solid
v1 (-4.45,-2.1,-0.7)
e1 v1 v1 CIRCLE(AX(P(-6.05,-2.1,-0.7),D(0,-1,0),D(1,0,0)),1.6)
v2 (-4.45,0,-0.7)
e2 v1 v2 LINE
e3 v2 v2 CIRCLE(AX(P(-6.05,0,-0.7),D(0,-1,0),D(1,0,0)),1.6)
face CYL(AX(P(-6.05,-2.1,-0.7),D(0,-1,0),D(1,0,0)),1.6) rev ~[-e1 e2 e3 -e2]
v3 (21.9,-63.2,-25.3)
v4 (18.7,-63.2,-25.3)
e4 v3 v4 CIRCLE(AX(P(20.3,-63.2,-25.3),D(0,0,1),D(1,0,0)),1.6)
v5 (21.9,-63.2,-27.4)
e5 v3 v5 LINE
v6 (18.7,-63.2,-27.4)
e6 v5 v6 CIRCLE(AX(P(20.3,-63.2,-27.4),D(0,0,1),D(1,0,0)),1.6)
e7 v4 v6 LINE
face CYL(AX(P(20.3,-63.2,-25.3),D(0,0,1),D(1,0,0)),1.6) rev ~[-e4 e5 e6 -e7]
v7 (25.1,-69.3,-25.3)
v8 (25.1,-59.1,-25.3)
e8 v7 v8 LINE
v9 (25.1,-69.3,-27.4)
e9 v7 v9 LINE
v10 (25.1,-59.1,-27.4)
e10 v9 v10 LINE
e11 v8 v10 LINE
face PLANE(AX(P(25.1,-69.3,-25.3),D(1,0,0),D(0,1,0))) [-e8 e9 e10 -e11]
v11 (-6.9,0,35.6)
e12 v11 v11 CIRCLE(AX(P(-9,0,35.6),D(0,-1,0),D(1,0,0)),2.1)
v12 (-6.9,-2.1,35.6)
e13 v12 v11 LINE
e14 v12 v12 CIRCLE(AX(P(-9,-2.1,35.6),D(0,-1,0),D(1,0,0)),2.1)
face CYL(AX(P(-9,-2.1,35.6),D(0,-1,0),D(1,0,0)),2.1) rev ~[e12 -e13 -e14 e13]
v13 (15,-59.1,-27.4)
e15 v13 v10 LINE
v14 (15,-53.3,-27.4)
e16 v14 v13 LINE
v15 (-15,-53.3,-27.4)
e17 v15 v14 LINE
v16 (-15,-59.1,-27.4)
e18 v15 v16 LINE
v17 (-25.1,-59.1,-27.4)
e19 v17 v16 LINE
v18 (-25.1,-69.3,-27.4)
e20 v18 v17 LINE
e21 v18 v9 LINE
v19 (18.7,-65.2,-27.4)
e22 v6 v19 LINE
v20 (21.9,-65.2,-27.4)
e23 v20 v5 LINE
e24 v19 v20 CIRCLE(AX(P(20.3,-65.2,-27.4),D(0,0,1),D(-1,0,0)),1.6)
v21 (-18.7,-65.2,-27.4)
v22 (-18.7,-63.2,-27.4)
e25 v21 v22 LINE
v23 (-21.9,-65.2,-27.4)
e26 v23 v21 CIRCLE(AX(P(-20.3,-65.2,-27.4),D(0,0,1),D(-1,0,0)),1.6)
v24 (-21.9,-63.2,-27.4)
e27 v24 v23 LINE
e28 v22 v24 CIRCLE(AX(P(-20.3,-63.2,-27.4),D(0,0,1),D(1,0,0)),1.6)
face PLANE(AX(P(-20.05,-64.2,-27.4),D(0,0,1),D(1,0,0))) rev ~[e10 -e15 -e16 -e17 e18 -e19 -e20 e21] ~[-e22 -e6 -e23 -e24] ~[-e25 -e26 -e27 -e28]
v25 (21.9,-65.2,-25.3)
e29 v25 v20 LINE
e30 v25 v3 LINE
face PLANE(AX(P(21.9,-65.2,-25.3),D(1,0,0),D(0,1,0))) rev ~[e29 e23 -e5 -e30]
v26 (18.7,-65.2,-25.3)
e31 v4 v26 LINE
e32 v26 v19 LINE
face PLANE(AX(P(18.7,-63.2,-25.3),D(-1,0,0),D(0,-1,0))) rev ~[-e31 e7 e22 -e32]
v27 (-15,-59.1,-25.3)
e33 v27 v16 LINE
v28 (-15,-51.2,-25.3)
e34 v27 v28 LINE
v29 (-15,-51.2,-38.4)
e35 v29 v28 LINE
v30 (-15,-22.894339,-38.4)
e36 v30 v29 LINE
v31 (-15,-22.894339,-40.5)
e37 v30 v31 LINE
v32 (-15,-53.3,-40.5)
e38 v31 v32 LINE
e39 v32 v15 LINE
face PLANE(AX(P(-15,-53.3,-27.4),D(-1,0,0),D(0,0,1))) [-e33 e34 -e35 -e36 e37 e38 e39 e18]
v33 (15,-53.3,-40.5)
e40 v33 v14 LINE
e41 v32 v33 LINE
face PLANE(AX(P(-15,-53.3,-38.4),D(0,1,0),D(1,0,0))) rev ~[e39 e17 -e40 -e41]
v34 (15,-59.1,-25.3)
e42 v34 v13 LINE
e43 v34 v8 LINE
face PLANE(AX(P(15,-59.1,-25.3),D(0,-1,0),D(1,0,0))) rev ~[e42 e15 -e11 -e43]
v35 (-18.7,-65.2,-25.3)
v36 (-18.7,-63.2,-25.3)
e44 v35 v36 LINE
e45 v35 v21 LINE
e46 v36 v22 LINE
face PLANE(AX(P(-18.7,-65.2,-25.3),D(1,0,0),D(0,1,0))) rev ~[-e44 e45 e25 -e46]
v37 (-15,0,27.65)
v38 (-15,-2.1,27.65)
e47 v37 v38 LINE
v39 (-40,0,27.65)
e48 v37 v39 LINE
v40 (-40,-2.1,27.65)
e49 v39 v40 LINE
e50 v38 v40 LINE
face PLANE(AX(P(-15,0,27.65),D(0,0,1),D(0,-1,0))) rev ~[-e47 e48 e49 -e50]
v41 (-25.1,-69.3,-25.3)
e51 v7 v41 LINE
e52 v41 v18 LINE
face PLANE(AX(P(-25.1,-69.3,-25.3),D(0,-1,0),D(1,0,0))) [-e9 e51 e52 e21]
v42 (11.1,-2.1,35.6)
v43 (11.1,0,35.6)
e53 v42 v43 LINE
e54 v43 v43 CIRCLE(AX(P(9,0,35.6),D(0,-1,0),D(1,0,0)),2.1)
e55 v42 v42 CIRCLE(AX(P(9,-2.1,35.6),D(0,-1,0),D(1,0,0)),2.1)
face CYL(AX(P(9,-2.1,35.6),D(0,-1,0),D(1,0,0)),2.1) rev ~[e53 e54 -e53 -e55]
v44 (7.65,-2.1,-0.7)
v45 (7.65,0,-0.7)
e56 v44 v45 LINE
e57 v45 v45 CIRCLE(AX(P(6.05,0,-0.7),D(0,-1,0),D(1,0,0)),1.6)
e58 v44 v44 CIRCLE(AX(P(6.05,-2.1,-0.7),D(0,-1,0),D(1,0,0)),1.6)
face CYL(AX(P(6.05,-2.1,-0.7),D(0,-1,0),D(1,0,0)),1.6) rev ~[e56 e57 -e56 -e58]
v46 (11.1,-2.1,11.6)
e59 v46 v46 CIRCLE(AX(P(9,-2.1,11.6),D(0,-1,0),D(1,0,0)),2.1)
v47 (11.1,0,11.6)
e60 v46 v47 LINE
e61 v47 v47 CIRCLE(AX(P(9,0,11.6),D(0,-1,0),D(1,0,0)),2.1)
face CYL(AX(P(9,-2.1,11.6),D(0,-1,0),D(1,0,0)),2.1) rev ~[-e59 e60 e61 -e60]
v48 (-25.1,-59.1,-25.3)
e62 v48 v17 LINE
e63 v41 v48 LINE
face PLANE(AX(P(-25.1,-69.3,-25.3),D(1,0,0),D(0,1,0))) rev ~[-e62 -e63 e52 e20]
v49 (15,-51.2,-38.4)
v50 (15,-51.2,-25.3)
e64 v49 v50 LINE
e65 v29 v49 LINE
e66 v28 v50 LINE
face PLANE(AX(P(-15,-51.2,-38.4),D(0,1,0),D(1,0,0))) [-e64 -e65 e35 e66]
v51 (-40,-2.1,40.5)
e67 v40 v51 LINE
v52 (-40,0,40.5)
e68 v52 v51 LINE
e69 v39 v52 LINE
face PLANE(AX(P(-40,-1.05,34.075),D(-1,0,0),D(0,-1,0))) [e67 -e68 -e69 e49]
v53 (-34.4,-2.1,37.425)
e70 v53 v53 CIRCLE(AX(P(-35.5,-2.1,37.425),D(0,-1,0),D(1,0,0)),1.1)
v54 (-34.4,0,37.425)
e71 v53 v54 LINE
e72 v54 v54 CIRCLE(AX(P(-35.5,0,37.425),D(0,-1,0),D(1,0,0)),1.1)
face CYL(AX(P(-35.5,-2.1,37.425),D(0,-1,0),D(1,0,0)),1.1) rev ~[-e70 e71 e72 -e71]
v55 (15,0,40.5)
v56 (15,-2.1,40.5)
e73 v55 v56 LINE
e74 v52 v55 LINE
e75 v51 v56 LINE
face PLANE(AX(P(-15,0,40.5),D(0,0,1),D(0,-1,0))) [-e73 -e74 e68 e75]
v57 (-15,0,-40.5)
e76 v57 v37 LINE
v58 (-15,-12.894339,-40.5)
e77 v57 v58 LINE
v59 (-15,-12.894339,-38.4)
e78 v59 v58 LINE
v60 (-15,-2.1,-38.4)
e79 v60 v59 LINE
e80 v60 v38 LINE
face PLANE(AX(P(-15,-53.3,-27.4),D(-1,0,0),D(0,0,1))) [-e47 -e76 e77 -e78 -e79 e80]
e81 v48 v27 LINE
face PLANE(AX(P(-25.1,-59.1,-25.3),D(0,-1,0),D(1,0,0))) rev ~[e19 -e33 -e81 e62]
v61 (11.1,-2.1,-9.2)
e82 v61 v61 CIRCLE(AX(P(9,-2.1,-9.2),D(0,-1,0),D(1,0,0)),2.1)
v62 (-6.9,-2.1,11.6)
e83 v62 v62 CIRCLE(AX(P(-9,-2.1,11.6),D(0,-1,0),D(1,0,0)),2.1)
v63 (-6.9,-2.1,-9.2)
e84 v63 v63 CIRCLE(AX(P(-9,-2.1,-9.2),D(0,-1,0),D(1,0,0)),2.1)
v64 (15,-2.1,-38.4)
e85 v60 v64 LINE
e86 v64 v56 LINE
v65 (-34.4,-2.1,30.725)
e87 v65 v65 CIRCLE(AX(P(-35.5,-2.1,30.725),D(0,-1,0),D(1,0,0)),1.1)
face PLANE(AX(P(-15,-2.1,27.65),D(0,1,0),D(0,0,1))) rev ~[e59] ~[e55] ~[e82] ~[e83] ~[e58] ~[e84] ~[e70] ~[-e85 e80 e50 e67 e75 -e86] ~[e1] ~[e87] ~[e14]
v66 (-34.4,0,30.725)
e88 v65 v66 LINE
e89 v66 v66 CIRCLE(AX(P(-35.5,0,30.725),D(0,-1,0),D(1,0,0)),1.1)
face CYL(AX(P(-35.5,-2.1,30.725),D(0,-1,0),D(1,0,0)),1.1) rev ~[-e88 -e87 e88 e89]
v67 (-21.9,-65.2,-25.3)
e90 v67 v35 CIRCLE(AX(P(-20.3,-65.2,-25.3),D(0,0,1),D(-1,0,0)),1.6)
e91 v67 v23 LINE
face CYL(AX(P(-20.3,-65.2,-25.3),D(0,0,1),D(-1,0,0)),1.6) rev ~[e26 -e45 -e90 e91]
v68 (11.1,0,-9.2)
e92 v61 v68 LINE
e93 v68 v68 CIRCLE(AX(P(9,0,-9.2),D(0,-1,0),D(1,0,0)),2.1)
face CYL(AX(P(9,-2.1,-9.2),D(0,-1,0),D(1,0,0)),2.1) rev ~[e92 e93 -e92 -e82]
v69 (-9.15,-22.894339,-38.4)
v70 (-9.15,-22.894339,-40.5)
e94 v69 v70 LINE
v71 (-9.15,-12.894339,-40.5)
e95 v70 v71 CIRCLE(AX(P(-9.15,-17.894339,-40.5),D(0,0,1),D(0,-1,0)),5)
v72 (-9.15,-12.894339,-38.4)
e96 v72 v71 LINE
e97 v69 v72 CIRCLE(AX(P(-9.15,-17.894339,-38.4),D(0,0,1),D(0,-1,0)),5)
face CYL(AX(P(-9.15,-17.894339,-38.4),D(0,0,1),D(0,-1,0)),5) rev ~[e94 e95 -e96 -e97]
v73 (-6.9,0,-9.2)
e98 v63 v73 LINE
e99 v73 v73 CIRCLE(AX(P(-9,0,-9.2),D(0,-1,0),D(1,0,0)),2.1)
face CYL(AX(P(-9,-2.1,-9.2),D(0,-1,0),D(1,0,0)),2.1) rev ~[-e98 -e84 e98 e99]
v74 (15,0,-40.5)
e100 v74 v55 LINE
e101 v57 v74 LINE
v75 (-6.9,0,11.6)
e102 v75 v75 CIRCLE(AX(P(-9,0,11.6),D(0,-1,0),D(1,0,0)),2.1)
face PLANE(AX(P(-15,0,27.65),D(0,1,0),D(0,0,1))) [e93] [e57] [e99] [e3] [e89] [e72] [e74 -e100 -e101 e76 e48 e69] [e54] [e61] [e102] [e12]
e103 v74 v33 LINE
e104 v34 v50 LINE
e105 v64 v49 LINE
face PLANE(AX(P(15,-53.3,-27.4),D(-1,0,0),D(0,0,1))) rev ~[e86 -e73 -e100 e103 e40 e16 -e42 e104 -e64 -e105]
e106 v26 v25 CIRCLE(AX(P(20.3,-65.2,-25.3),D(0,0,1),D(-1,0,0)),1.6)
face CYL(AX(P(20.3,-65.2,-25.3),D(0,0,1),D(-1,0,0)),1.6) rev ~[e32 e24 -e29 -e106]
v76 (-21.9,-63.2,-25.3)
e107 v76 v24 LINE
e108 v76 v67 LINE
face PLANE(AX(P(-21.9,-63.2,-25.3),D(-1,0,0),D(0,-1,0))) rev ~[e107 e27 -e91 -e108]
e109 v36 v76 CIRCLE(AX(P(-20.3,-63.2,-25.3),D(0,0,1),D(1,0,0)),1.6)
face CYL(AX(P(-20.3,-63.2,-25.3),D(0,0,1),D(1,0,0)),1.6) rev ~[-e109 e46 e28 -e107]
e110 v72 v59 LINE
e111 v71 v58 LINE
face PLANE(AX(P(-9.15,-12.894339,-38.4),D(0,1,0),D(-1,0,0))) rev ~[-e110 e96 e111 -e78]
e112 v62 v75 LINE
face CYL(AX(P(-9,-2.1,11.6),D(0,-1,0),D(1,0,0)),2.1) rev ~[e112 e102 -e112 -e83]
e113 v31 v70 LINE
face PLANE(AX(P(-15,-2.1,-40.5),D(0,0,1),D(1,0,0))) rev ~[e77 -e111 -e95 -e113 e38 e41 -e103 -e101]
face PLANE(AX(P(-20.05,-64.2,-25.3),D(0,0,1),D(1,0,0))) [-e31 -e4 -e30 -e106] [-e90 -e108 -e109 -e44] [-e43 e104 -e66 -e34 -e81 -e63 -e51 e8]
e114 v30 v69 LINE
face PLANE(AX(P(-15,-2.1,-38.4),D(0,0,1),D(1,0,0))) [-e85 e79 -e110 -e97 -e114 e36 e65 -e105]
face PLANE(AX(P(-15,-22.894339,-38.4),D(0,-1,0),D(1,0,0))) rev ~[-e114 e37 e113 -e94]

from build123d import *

# Parameters (mm, degrees)
F0_W      = 30
F0_H      = 81
F1_DEPTH  = 2.1
F2_W      = 30
F2_H      = 2.1
F3_DEPTH  = 51.2
F4_W      = 30
F4_H      = 2.1
F5_DEPTH  = 13.1
F6_W      = 30
F6_H      = 2.1
F7_DEPTH  = 16
F8_W      = 10.1
F8_H      = 10.2
F9_DEPTH  = 2.1
F11_DEPTH = 15.201
F13_DEPTH = 2.101
F14_R     = 2.1
F14_R_2   = 1.6
F15_DEPTH = 2.101
F16_W     = 2.1
F16_H     = 12.85
F17_DEPTH = 25
F18_R     = 1.1
F19_DEPTH = 25


with BuildPart() as f1:
    # F0 (on Front) → F1 (new body)
    with BuildSketch(Plane.XZ):
        Rectangle(F0_W, F0_H)
    extrude(amount=F1_DEPTH)

    # F2 (on face) → F3 (join)
    with BuildSketch(Plane.XZ.offset(2.1)):
        with Locations((0, -39.45)):
            Rectangle(F2_W, F2_H)
    extrude(amount=F3_DEPTH)

    # F4 (on face) → F5 (join)
    with BuildSketch(Plane.XY.offset(-38.4)):
        with Locations((0, -52.25)):
            Rectangle(F4_W, F4_H)
    extrude(amount=F5_DEPTH)

    # F6 (on face) → F7 (join)
    with BuildSketch(Plane.XZ.offset(53.3)):
        with Locations((0, -26.35)):
            Rectangle(F6_W, F6_H)
    extrude(amount=F7_DEPTH)

    # F8 (on face) → F9 (join)
    with BuildSketch(Plane.XY.offset(-25.3)):
        with Locations((-20.05, -64.2)):
            Rectangle(F8_W, F8_H)
        with Locations((20.05, -64.2)):
            Rectangle(F8_W, F8_H)
    extrude(amount=-F9_DEPTH)

    # F10 (on face) → F11 (cut, through all)
    with BuildSketch(Plane.XY.offset(-25.3)):
        with BuildLine():
            Line((-21.9, -63.2), (-21.9, -65.2))
            ThreePointArc((-21.9, -65.2), (-20.3, -66.8), (-18.7, -65.2))
            Line((-18.7, -65.2), (-18.7, -63.2))
            ThreePointArc((-18.7, -63.2), (-20.3, -61.6), (-21.9, -63.2))
        make_face()
        with BuildLine():
            Line((18.7, -63.2), (18.7, -65.2))
            ThreePointArc((18.7, -65.2), (20.3, -66.8), (21.9, -65.2))
            Line((21.9, -65.2), (21.9, -63.2))
            ThreePointArc((21.9, -63.2), (20.3, -61.6), (18.7, -63.2))
        make_face()
    extrude(amount=-F11_DEPTH, mode=Mode.SUBTRACT)

    # F12 (on face) → F13 (cut, through all)
    with BuildSketch(Plane.XY.offset(-38.4)):
        with BuildLine():
            Line((-15, -22.894339), (-9.15, -22.894339))
            ThreePointArc((-9.15, -22.894339), (-4.15, -17.894339), (-9.15, -12.894339))
            Line((-9.15, -12.894339), (-15, -12.894339))
            Line((-15, -12.894339), (-15, -22.894339))
        make_face()
    extrude(amount=-F13_DEPTH, mode=Mode.SUBTRACT)

    # F14 (on face) → F15 (cut, through all)
    with BuildSketch(Plane.XZ.offset(2.1)):
        with Locations((9, 35.6)):
            Circle(F14_R)
        with Locations((9, 11.6)):
            Circle(F14_R)
        with Locations((-9, 35.6)):
            Circle(F14_R)
        with Locations((-9, 11.6)):
            Circle(F14_R)
        with Locations((9, -9.2)):
            Circle(F14_R)
        with Locations((-9, -9.2)):
            Circle(F14_R)
        with Locations((6.05, -0.7)):
            Circle(F14_R_2)
        with Locations((-6.05, -0.7)):
            Circle(F14_R_2)
    extrude(amount=-F15_DEPTH, mode=Mode.SUBTRACT)

    # F16 (on face) → F17 (join)
    with BuildSketch(Plane(origin=(-15, 0, 0), x_dir=(0, -1, 0), z_dir=(-1, 0, 0))):
        with Locations((1.05, 34.075)):
            Rectangle(F16_W, F16_H)
    extrude(amount=F17_DEPTH)

    # F18 (on face) → F19 (cut)
    with BuildSketch(Plane.XZ.offset(2.1)):
        with Locations((-35.5, 37.425)):
            Circle(F18_R)
        with Locations((-35.5, 30.725)):
            Circle(F18_R)
    extrude(amount=-F19_DEPTH, mode=Mode.SUBTRACT)


solid = f1.part
